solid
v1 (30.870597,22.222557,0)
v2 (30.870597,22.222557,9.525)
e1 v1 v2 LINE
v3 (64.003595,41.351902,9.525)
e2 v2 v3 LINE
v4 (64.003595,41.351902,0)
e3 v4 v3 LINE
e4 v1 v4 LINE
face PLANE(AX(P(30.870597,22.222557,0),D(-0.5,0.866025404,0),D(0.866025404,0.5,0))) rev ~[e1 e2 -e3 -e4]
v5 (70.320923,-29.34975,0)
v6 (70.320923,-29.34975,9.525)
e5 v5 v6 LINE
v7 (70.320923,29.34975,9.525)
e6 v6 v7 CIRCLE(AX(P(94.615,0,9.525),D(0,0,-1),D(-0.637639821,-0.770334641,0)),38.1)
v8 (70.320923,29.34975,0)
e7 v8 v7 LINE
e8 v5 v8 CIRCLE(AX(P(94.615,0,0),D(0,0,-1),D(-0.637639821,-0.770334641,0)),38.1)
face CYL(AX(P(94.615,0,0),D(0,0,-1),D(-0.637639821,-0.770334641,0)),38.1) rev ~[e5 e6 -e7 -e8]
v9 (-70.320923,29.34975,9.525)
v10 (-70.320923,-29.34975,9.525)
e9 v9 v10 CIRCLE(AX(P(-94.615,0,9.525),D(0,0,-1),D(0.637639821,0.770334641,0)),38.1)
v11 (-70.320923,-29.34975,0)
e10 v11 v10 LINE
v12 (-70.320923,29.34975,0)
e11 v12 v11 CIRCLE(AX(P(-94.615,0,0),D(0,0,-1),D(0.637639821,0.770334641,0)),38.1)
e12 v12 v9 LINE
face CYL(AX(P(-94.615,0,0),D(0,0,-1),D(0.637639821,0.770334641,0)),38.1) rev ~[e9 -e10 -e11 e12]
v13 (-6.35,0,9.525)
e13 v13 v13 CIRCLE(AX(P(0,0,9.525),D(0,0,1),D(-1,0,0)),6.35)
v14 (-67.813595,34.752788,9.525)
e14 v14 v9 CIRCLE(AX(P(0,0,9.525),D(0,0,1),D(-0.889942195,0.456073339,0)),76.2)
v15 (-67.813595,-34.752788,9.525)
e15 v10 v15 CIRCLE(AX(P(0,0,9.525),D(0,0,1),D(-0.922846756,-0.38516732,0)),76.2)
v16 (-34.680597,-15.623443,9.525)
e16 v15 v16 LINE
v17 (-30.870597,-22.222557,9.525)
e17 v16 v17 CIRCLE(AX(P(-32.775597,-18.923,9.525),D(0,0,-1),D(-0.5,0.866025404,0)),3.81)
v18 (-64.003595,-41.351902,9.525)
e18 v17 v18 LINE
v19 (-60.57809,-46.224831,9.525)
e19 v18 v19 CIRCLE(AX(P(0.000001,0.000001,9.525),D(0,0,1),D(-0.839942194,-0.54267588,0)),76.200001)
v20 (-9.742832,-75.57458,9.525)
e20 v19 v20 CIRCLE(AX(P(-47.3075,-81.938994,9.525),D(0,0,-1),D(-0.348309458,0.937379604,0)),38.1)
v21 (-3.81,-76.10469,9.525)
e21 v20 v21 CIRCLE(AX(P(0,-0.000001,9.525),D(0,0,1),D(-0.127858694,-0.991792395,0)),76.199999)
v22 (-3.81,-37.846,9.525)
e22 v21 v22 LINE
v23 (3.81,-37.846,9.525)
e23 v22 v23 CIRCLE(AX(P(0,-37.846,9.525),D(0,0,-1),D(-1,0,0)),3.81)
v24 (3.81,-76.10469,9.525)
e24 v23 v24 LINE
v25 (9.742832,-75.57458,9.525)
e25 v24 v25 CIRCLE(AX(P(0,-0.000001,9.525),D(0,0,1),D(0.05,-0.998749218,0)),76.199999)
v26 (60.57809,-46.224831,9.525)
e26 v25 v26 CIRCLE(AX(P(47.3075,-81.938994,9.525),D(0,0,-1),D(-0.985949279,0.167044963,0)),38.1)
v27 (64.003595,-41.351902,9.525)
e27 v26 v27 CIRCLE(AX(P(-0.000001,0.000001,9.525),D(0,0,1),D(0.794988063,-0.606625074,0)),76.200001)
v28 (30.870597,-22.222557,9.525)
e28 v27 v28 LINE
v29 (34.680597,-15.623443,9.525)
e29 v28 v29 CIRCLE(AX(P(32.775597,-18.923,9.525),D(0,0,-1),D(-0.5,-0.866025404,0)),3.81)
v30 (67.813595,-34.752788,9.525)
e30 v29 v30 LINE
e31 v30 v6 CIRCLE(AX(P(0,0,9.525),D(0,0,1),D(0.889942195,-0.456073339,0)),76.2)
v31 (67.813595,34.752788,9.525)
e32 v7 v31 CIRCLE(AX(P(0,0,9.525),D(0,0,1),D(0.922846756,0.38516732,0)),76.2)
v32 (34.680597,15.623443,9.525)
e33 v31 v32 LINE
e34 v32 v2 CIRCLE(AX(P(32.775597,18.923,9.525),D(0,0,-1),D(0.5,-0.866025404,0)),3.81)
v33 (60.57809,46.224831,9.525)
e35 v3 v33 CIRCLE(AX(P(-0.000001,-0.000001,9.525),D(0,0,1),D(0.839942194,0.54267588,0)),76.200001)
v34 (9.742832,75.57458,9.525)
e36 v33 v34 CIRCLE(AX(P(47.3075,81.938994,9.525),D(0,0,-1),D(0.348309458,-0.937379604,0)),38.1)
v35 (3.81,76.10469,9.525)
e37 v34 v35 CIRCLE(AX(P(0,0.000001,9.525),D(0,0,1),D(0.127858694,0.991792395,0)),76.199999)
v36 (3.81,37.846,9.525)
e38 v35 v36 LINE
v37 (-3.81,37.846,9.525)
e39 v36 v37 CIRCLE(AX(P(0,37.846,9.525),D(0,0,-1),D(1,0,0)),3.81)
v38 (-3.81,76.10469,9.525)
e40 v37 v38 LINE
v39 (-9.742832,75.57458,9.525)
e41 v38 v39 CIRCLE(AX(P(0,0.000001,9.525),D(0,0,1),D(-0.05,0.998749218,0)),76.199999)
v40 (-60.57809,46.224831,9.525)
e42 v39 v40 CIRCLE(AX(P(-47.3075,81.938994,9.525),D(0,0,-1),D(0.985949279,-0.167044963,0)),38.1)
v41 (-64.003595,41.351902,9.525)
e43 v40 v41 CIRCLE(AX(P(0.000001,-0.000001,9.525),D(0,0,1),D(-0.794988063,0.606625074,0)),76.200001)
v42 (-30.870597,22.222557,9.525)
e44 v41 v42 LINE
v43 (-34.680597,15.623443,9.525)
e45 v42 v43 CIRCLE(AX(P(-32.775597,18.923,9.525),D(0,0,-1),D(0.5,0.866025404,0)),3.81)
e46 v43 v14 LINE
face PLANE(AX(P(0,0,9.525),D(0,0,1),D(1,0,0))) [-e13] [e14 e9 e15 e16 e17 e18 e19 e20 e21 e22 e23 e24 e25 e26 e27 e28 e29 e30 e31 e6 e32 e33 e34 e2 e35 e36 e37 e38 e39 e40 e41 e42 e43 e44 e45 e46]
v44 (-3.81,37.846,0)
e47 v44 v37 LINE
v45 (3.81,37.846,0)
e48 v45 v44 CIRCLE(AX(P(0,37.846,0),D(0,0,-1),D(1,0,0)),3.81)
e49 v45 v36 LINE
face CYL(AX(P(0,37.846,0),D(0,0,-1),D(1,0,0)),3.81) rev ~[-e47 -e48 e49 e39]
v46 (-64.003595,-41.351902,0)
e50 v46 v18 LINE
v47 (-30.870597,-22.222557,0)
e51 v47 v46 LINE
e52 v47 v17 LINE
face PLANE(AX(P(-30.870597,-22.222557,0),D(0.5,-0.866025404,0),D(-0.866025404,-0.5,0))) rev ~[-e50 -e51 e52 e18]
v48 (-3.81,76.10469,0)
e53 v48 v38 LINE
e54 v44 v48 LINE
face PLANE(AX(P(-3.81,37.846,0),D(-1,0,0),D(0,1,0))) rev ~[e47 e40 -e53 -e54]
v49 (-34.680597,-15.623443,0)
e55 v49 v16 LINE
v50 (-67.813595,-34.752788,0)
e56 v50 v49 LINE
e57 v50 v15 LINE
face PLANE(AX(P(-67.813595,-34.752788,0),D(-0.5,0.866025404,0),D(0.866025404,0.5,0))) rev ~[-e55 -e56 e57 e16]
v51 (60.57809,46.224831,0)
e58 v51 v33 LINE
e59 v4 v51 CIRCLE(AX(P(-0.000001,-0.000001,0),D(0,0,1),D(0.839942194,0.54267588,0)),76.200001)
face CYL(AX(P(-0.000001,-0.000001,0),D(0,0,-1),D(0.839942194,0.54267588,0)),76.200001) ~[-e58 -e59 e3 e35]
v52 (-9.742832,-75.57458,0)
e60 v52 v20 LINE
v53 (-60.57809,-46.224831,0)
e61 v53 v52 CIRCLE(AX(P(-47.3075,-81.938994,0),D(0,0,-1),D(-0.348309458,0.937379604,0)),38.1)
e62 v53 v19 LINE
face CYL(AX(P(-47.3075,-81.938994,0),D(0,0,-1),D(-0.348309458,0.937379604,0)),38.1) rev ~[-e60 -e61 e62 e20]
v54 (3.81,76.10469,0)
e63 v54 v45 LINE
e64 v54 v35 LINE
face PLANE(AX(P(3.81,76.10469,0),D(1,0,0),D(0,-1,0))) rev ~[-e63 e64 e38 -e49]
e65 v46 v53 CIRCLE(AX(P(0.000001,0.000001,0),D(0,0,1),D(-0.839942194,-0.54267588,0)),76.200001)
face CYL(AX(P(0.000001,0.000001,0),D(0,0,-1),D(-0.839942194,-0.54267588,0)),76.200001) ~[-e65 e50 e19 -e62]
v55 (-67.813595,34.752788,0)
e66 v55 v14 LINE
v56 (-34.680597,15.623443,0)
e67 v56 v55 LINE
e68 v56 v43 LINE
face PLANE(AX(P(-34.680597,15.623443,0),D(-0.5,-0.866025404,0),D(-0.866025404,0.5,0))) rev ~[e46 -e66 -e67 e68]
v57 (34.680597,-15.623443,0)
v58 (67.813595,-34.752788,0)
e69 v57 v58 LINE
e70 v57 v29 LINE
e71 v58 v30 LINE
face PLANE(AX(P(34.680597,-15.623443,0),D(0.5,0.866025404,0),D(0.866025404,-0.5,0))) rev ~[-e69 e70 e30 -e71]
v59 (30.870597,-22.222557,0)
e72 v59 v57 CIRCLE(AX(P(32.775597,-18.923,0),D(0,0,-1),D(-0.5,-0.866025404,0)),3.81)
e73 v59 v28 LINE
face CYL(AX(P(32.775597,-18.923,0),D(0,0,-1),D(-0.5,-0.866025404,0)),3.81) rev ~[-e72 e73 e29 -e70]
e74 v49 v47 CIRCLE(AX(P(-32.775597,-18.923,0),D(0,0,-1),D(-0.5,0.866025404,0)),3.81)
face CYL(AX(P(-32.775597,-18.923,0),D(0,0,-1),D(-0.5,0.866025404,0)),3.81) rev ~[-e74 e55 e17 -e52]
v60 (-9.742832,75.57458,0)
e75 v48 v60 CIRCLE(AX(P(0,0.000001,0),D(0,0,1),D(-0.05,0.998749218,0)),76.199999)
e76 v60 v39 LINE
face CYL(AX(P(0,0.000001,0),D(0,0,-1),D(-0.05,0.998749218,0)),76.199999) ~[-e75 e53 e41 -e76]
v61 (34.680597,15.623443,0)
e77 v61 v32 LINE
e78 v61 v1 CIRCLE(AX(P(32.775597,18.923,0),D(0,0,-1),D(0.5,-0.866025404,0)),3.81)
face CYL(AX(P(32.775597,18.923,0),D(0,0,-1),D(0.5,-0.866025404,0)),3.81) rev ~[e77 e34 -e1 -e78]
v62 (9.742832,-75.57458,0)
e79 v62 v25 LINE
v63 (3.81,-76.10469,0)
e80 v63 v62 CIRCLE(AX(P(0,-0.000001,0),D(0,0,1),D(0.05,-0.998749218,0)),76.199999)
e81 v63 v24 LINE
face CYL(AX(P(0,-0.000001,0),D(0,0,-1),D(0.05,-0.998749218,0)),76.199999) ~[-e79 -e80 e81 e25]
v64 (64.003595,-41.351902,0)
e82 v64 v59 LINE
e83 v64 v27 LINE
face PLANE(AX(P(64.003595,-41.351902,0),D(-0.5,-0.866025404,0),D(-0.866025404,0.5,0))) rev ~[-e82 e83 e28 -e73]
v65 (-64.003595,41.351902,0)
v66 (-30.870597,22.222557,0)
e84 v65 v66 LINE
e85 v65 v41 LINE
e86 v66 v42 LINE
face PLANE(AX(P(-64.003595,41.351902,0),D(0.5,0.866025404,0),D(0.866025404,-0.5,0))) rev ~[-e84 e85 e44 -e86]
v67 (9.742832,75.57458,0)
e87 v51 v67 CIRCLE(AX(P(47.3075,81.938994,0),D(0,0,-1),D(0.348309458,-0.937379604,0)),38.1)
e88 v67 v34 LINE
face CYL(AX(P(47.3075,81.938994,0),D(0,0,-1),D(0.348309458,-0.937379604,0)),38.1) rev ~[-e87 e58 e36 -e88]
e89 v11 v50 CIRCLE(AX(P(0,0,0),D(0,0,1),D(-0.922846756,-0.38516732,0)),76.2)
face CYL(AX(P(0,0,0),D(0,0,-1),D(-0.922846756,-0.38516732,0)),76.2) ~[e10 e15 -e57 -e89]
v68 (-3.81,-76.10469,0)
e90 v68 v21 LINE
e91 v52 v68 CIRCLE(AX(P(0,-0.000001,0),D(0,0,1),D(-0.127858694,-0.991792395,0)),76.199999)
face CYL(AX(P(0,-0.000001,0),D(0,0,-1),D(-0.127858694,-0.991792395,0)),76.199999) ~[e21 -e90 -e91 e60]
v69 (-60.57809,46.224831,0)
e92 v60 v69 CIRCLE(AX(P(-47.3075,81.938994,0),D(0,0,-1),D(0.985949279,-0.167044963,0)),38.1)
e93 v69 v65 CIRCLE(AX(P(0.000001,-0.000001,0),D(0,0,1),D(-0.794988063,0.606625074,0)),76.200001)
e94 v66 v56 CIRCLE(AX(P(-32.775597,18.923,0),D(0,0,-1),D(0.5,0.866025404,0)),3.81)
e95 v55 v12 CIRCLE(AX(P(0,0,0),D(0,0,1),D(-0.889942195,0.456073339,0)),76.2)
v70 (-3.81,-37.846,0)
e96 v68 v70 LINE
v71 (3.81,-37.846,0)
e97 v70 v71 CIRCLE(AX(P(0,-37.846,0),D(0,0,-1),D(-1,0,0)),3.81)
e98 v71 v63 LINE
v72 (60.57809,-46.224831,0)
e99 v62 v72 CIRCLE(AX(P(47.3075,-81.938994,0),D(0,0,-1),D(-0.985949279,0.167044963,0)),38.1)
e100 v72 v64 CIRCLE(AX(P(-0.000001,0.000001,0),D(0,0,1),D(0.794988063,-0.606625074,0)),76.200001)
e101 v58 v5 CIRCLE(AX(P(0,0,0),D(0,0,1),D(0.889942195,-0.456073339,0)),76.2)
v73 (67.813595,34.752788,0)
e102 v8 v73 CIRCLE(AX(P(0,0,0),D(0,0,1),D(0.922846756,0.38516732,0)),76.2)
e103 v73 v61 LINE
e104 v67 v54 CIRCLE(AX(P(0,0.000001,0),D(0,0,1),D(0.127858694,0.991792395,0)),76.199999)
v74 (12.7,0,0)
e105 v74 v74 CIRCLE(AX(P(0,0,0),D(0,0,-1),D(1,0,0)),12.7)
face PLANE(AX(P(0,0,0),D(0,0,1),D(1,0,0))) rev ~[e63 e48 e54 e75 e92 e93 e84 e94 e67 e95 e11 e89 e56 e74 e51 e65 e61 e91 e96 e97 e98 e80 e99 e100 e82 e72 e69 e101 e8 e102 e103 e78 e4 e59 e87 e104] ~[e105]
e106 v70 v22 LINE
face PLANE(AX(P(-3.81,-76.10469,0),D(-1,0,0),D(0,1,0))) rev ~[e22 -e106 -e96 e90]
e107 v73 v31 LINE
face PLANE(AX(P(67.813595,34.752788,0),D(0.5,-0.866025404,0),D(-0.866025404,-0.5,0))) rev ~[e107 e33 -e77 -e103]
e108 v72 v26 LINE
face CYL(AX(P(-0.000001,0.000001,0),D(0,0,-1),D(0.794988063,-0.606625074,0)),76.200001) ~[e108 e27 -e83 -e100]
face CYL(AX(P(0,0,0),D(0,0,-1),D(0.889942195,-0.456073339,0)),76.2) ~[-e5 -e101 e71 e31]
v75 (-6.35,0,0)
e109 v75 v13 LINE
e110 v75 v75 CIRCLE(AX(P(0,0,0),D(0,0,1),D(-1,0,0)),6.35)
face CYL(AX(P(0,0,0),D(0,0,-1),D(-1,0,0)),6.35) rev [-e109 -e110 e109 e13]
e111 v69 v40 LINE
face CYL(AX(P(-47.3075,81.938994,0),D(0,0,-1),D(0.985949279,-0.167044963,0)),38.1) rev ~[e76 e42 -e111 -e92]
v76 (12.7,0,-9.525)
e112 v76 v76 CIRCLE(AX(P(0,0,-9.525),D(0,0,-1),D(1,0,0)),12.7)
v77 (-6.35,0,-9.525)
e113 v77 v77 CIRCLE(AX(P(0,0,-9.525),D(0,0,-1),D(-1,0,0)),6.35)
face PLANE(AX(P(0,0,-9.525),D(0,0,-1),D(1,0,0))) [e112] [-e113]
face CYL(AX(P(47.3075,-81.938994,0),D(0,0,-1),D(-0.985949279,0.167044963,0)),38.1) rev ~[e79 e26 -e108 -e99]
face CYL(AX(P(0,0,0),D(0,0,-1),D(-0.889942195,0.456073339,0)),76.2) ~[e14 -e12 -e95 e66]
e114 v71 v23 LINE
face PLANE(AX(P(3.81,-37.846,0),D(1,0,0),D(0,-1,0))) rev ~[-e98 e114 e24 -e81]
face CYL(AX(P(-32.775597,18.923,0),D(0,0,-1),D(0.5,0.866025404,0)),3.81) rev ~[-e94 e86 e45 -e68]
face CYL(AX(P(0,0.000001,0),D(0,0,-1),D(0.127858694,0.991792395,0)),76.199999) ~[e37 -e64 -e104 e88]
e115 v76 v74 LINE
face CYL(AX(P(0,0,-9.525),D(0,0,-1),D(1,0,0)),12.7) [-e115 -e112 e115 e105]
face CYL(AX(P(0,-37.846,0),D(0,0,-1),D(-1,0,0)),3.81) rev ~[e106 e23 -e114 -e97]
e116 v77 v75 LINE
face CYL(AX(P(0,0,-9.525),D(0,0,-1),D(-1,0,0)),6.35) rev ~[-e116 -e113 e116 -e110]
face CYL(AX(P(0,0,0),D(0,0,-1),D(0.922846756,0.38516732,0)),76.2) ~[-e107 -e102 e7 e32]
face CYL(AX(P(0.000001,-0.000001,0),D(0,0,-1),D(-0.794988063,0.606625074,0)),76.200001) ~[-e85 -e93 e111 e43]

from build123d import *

# Parameters (mm, degrees)
SKETCH2_R           = 6.35
BOSS_EXTRUDE1_DEPTH = 9.525
BOSS_EXTRUDE2_START = 9.525
SKETCH3_R           = 12.7
SKETCH3_R_2         = 6.35
BOSS_EXTRUDE2_DEPTH = 9.525


with BuildPart() as part:
    # Sketch2 → Boss-Extrude1 (new body)
    with BuildSketch(Plane.XY):
        with BuildLine():
            Line((-3.81, 37.846), (-3.81, 76.104690394))
            ThreePointArc((-3.81, 76.104690394), (-6.781597981, 75.897627953), (-9.742832479, 75.574580484))
            ThreePointArc((-9.742832479, 75.574580484), (-28.2575, 48.943425695), (-60.57809034, 46.224830674))
            ThreePointArc((-60.57809034, 46.224830674), (-62.338474903, 43.821850106), (-64.003595229, 41.351901986))
            Line((-64.003595229, 41.351901986), (-30.870597432, 22.222556788))
            ThreePointArc((-30.870597432, 22.222556788), (-29.476040643, 17.018), (-34.680597432, 15.623443212))
            Line((-34.680597432, 15.623443212), (-67.813595229, 34.752788409))
            ThreePointArc((-67.813595229, 34.752788409), (-69.120072885, 32.075777846), (-70.320922819, 29.34974981))
            ThreePointArc((-70.320922819, 29.34974981), (-56.515, 0), (-70.320922819, -29.34974981))
            ThreePointArc((-70.320922819, -29.34974981), (-69.120072885, -32.075777846), (-67.813595229, -34.752788409))
            Line((-67.813595229, -34.752788409), (-34.680597432, -15.623443212))
            ThreePointArc((-34.680597432, -15.623443212), (-29.476040643, -17.018), (-30.870597432, -22.222556788))
            Line((-30.870597432, -22.222556788), (-64.003595229, -41.351901986))
            ThreePointArc((-64.003595229, -41.351901986), (-62.338474903, -43.821850106), (-60.57809034, -46.224830674))
            ThreePointArc((-60.57809034, -46.224830674), (-28.2575, -48.943425695), (-9.742832479, -75.574580484))
            ThreePointArc((-9.742832479, -75.574580484), (-6.781597981, -75.897627953), (-3.81, -76.104690394))
            Line((-3.81, -76.104690394), (-3.81, -37.846))
            ThreePointArc((-3.81, -37.846), (0, -34.036), (3.81, -37.846))
            Line((3.81, -37.846), (3.81, -76.104690394))
            ThreePointArc((3.81, -76.104690394), (6.781597981, -75.897627953), (9.742832479, -75.574580484))
            ThreePointArc((9.742832479, -75.574580484), (28.2575, -48.943425695), (60.57809034, -46.224830674))
            ThreePointArc((60.57809034, -46.224830674), (62.338474903, -43.821850106), (64.003595229, -41.351901986))
            Line((64.003595229, -41.351901986), (30.870597432, -22.222556788))
            ThreePointArc((30.870597432, -22.222556788), (29.476040643, -17.018), (34.680597432, -15.623443212))
            Line((34.680597432, -15.623443212), (67.813595229, -34.752788409))
            ThreePointArc((67.813595229, -34.752788409), (69.120072885, -32.075777846), (70.320922819, -29.34974981))
            ThreePointArc((70.320922819, -29.34974981), (56.515, 0), (70.320922819, 29.34974981))
            ThreePointArc((70.320922819, 29.34974981), (69.120072885, 32.075777846), (67.813595229, 34.752788409))
            Line((67.813595229, 34.752788409), (34.680597432, 15.623443212))
            ThreePointArc((34.680597432, 15.623443212), (29.476040643, 17.018), (30.870597432, 22.222556788))
            Line((30.870597432, 22.222556788), (64.003595229, 41.351901986))
            ThreePointArc((64.003595229, 41.351901986), (62.338474903, 43.821850106), (60.57809034, 46.224830674))
            ThreePointArc((60.57809034, 46.224830674), (28.2575, 48.943425695), (9.742832479, 75.574580484))
            ThreePointArc((9.742832479, 75.574580484), (6.781597981, 75.897627953), (3.81, 76.104690394))
            Line((3.81, 76.104690394), (3.81, 37.846))
            ThreePointArc((3.81, 37.846), (0, 34.036), (-3.81, 37.846))
        make_face()
        with Locations(Location((0, 0, 0), (0, 0, 180))):
            Circle(SKETCH2_R, mode=Mode.SUBTRACT)
    extrude(amount=BOSS_EXTRUDE1_DEPTH)

    # Sketch3 → Boss-Extrude2 (add)
    with BuildSketch(Plane(origin=(0, 0, 0), x_dir=(-1, 0, 0), z_dir=(0, 0, -1)).offset(BOSS_EXTRUDE2_START)):
        with Locations(Location((0, 0, 0), (0, 0, 180))):
            Circle(SKETCH3_R)
        Circle(SKETCH3_R_2, mode=Mode.SUBTRACT)
    extrude(amount=-BOSS_EXTRUDE2_DEPTH)


solid = part.part
